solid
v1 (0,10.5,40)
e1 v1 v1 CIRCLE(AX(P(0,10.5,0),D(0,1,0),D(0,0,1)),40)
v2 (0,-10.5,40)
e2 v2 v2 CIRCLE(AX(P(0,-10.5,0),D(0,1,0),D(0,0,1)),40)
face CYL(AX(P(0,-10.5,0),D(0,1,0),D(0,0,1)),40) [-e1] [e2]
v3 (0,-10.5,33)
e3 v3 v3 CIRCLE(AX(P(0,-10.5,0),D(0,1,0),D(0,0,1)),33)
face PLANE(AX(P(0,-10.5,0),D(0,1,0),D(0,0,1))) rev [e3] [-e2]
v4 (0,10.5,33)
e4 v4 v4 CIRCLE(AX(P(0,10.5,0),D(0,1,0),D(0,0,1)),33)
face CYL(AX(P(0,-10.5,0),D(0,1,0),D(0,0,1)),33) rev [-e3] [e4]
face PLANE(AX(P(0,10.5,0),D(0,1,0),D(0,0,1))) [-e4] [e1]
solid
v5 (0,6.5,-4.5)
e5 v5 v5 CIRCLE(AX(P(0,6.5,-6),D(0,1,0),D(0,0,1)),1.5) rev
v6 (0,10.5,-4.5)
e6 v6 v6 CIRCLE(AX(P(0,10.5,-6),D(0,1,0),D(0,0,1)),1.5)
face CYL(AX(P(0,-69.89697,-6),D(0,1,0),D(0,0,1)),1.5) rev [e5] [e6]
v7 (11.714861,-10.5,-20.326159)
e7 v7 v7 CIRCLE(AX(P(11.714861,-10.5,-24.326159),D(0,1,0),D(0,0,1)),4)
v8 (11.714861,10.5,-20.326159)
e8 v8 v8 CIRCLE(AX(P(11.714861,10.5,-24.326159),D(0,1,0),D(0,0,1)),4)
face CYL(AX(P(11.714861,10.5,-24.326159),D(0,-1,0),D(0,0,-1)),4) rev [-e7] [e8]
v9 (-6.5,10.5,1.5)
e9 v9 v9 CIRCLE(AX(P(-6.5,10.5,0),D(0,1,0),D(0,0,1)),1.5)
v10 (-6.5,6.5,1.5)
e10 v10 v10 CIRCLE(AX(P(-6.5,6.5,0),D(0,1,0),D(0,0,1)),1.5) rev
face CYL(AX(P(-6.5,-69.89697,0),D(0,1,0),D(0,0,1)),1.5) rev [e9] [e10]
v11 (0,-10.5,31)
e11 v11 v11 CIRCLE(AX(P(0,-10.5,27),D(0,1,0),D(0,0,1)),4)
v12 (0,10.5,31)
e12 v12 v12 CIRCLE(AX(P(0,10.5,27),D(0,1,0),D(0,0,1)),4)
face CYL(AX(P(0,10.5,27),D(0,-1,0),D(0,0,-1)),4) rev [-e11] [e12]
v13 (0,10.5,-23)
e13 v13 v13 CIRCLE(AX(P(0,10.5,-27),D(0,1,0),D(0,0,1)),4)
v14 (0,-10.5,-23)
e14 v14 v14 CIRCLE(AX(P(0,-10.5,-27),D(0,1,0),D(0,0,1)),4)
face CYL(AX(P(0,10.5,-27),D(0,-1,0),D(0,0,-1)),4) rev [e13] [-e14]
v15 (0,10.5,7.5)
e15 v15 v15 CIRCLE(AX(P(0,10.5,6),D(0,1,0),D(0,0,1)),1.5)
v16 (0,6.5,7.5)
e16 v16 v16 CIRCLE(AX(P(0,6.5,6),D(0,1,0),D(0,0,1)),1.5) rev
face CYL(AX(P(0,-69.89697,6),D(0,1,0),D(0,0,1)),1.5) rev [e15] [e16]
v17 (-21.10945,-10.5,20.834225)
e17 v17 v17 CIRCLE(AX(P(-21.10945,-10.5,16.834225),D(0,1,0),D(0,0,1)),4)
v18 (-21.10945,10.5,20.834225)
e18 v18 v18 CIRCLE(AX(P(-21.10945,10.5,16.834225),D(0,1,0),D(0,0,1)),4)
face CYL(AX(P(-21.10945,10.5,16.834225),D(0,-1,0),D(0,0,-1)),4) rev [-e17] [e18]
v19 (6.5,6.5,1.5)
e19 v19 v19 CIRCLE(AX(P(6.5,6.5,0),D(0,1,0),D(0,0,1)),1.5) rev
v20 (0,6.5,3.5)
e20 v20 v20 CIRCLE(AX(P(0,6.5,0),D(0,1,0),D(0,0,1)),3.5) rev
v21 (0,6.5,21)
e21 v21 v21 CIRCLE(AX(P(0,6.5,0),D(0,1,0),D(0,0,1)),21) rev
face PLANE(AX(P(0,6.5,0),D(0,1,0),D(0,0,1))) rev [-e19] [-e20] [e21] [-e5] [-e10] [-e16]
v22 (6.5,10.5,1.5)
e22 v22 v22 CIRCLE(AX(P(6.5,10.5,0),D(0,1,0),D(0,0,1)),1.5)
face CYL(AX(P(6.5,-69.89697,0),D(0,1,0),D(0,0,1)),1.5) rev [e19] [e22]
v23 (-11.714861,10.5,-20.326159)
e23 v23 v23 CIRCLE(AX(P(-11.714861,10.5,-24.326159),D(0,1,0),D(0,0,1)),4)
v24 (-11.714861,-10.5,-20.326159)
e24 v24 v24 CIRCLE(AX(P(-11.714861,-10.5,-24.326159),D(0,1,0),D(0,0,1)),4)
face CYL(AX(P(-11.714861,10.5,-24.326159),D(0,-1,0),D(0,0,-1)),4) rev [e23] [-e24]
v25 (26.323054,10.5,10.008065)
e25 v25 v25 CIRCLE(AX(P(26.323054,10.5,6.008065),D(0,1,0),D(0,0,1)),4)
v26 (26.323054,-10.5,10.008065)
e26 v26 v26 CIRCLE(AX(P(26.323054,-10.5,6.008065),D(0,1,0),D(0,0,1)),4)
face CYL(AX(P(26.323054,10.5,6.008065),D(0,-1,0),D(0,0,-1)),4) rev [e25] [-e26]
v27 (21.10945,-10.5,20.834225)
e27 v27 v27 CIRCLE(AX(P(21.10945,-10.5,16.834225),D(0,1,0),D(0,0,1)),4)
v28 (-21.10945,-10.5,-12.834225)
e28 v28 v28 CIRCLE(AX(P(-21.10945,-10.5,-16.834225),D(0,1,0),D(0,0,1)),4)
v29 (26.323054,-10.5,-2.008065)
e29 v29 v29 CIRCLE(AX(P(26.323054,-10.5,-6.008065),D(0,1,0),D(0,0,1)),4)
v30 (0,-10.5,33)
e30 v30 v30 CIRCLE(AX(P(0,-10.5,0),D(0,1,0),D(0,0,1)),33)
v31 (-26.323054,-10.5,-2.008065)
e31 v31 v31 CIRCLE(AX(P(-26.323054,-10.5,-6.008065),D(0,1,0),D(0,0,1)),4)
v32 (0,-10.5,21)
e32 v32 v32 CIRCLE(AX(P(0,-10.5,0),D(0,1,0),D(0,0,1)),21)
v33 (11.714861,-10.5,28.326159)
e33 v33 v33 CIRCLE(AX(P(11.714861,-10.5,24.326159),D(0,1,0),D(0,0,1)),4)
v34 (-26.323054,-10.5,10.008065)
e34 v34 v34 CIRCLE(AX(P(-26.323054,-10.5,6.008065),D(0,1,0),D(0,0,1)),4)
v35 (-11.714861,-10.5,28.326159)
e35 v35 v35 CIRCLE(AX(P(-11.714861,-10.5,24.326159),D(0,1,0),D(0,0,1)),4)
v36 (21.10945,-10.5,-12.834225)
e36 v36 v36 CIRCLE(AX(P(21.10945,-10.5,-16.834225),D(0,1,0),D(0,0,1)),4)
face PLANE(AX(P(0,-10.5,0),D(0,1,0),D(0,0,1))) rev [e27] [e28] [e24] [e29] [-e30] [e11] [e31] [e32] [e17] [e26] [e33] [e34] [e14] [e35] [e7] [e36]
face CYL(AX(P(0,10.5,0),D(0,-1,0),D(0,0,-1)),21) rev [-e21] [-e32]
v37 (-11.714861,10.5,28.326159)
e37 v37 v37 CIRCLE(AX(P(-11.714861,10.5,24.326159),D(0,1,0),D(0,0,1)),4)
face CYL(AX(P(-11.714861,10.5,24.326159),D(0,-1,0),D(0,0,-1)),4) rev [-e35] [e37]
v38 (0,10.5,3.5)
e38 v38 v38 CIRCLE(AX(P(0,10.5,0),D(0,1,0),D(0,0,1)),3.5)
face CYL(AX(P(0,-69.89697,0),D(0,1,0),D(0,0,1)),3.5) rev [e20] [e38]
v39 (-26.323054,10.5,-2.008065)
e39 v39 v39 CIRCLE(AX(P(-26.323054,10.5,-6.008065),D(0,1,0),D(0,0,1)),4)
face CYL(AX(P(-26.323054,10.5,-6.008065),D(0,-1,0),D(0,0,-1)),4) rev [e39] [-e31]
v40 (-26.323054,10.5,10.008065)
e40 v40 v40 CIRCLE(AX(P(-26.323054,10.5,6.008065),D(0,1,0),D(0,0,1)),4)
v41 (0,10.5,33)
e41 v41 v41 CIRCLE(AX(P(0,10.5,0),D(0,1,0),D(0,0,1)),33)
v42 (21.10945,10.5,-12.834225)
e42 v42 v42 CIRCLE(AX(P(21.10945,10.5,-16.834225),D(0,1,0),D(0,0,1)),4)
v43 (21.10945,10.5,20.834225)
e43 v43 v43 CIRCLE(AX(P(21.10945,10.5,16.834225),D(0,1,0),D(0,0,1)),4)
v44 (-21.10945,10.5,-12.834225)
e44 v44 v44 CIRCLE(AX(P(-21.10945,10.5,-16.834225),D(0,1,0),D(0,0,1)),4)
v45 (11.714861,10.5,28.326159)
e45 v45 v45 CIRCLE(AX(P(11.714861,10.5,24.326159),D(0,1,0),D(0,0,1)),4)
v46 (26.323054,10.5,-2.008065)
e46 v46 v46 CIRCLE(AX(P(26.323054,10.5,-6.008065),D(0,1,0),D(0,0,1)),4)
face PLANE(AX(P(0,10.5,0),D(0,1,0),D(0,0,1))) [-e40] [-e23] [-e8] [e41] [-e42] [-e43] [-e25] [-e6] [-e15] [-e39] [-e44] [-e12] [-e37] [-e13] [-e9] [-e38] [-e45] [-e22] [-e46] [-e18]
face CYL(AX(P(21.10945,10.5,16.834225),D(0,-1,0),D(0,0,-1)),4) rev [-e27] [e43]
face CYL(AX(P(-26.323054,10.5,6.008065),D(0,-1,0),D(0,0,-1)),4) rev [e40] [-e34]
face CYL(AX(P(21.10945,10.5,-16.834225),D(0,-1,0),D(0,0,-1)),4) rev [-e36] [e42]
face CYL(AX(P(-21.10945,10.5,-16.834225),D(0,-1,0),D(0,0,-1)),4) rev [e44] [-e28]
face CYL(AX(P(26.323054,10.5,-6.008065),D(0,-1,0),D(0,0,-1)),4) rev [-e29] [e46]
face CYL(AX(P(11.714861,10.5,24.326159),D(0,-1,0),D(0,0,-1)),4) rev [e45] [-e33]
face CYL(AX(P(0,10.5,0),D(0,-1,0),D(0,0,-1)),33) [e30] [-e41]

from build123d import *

# Parameters (mm, degrees)
SKETCH_1_R      = 33
SKETCH_1_R_2    = 21
SKETCH_1_R_3    = 4
EXTRUDE_1_DEPTH = 10.5
SKETCH_2_R      = 21
SKETCH_2_R_2    = 1.5
SKETCH_2_R_3    = 3.5
EXTRUDE_2_DEPTH = 4
SKETCH_3_R      = 40
SKETCH_3_R_2    = 33
EXTRUDE_3_DEPTH = 21


with BuildPart() as part:
    # 草图1 → 凸台-拉伸1 (new body, symmetric)
    with BuildSketch(Plane(origin=(0, 0, 0), x_dir=(1, 0, 0), z_dir=(0, 1, 0))):
        Circle(SKETCH_1_R)
        Circle(SKETCH_1_R_2, mode=Mode.SUBTRACT)
        with Locations((0, 27)):
            Circle(SKETCH_1_R_3, mode=Mode.SUBTRACT)
        with Locations((11.714860956, 24.326159433)):
            Circle(SKETCH_1_R_3, mode=Mode.SUBTRACT)
        with Locations((21.109450027, 16.83422465)):
            Circle(SKETCH_1_R_3, mode=Mode.SUBTRACT)
        with Locations((26.323053629, 6.008065217)):
            Circle(SKETCH_1_R_3, mode=Mode.SUBTRACT)
        with Locations((26.323053629, -6.008065217)):
            Circle(SKETCH_1_R_3, mode=Mode.SUBTRACT)
        with Locations((21.109450027, -16.83422465)):
            Circle(SKETCH_1_R_3, mode=Mode.SUBTRACT)
        with Locations((11.714860956, -24.326159433)):
            Circle(SKETCH_1_R_3, mode=Mode.SUBTRACT)
        with Locations((0, -27)):
            Circle(SKETCH_1_R_3, mode=Mode.SUBTRACT)
        with Locations((-11.714860956, -24.326159433)):
            Circle(SKETCH_1_R_3, mode=Mode.SUBTRACT)
        with Locations((-21.109450027, -16.83422465)):
            Circle(SKETCH_1_R_3, mode=Mode.SUBTRACT)
        with Locations((-26.323053629, -6.008065217)):
            Circle(SKETCH_1_R_3, mode=Mode.SUBTRACT)
        with Locations((-26.323053629, 6.008065217)):
            Circle(SKETCH_1_R_3, mode=Mode.SUBTRACT)
        with Locations((-21.109450027, 16.83422465)):
            Circle(SKETCH_1_R_3, mode=Mode.SUBTRACT)
        with Locations((-11.714860956, 24.326159433)):
            Circle(SKETCH_1_R_3, mode=Mode.SUBTRACT)
    extrude(amount=EXTRUDE_1_DEPTH, both=True)

    # 草图2 → 凸台-拉伸2 (add)
    with BuildSketch(Plane(origin=(0, 10.5, 0), x_dir=(1, 0, 0), z_dir=(0, 1, 0))):
        Circle(SKETCH_2_R)
        with Locations((0, 6)):
            Circle(SKETCH_2_R_2, mode=Mode.SUBTRACT)
        with Locations((0, -6)):
            Circle(SKETCH_2_R_2, mode=Mode.SUBTRACT)
        with Locations((-6.5, 0)):
            Circle(SKETCH_2_R_2, mode=Mode.SUBTRACT)
        with Locations((6.5, 0)):
            Circle(SKETCH_2_R_2, mode=Mode.SUBTRACT)
        Circle(SKETCH_2_R_3, mode=Mode.SUBTRACT)
    extrude(amount=-EXTRUDE_2_DEPTH)


with BuildPart() as body_2:
    # 草图3 → 凸台-拉伸3 (new body)
    with BuildSketch(Plane(origin=(0, 10.5, 0), x_dir=(1, 0, 0), z_dir=(0, 1, 0))):
        Circle(SKETCH_3_R)
        Circle(SKETCH_3_R_2, mode=Mode.SUBTRACT)
    extrude(amount=-EXTRUDE_3_DEPTH)


solid = Compound([part.part, body_2.part])
